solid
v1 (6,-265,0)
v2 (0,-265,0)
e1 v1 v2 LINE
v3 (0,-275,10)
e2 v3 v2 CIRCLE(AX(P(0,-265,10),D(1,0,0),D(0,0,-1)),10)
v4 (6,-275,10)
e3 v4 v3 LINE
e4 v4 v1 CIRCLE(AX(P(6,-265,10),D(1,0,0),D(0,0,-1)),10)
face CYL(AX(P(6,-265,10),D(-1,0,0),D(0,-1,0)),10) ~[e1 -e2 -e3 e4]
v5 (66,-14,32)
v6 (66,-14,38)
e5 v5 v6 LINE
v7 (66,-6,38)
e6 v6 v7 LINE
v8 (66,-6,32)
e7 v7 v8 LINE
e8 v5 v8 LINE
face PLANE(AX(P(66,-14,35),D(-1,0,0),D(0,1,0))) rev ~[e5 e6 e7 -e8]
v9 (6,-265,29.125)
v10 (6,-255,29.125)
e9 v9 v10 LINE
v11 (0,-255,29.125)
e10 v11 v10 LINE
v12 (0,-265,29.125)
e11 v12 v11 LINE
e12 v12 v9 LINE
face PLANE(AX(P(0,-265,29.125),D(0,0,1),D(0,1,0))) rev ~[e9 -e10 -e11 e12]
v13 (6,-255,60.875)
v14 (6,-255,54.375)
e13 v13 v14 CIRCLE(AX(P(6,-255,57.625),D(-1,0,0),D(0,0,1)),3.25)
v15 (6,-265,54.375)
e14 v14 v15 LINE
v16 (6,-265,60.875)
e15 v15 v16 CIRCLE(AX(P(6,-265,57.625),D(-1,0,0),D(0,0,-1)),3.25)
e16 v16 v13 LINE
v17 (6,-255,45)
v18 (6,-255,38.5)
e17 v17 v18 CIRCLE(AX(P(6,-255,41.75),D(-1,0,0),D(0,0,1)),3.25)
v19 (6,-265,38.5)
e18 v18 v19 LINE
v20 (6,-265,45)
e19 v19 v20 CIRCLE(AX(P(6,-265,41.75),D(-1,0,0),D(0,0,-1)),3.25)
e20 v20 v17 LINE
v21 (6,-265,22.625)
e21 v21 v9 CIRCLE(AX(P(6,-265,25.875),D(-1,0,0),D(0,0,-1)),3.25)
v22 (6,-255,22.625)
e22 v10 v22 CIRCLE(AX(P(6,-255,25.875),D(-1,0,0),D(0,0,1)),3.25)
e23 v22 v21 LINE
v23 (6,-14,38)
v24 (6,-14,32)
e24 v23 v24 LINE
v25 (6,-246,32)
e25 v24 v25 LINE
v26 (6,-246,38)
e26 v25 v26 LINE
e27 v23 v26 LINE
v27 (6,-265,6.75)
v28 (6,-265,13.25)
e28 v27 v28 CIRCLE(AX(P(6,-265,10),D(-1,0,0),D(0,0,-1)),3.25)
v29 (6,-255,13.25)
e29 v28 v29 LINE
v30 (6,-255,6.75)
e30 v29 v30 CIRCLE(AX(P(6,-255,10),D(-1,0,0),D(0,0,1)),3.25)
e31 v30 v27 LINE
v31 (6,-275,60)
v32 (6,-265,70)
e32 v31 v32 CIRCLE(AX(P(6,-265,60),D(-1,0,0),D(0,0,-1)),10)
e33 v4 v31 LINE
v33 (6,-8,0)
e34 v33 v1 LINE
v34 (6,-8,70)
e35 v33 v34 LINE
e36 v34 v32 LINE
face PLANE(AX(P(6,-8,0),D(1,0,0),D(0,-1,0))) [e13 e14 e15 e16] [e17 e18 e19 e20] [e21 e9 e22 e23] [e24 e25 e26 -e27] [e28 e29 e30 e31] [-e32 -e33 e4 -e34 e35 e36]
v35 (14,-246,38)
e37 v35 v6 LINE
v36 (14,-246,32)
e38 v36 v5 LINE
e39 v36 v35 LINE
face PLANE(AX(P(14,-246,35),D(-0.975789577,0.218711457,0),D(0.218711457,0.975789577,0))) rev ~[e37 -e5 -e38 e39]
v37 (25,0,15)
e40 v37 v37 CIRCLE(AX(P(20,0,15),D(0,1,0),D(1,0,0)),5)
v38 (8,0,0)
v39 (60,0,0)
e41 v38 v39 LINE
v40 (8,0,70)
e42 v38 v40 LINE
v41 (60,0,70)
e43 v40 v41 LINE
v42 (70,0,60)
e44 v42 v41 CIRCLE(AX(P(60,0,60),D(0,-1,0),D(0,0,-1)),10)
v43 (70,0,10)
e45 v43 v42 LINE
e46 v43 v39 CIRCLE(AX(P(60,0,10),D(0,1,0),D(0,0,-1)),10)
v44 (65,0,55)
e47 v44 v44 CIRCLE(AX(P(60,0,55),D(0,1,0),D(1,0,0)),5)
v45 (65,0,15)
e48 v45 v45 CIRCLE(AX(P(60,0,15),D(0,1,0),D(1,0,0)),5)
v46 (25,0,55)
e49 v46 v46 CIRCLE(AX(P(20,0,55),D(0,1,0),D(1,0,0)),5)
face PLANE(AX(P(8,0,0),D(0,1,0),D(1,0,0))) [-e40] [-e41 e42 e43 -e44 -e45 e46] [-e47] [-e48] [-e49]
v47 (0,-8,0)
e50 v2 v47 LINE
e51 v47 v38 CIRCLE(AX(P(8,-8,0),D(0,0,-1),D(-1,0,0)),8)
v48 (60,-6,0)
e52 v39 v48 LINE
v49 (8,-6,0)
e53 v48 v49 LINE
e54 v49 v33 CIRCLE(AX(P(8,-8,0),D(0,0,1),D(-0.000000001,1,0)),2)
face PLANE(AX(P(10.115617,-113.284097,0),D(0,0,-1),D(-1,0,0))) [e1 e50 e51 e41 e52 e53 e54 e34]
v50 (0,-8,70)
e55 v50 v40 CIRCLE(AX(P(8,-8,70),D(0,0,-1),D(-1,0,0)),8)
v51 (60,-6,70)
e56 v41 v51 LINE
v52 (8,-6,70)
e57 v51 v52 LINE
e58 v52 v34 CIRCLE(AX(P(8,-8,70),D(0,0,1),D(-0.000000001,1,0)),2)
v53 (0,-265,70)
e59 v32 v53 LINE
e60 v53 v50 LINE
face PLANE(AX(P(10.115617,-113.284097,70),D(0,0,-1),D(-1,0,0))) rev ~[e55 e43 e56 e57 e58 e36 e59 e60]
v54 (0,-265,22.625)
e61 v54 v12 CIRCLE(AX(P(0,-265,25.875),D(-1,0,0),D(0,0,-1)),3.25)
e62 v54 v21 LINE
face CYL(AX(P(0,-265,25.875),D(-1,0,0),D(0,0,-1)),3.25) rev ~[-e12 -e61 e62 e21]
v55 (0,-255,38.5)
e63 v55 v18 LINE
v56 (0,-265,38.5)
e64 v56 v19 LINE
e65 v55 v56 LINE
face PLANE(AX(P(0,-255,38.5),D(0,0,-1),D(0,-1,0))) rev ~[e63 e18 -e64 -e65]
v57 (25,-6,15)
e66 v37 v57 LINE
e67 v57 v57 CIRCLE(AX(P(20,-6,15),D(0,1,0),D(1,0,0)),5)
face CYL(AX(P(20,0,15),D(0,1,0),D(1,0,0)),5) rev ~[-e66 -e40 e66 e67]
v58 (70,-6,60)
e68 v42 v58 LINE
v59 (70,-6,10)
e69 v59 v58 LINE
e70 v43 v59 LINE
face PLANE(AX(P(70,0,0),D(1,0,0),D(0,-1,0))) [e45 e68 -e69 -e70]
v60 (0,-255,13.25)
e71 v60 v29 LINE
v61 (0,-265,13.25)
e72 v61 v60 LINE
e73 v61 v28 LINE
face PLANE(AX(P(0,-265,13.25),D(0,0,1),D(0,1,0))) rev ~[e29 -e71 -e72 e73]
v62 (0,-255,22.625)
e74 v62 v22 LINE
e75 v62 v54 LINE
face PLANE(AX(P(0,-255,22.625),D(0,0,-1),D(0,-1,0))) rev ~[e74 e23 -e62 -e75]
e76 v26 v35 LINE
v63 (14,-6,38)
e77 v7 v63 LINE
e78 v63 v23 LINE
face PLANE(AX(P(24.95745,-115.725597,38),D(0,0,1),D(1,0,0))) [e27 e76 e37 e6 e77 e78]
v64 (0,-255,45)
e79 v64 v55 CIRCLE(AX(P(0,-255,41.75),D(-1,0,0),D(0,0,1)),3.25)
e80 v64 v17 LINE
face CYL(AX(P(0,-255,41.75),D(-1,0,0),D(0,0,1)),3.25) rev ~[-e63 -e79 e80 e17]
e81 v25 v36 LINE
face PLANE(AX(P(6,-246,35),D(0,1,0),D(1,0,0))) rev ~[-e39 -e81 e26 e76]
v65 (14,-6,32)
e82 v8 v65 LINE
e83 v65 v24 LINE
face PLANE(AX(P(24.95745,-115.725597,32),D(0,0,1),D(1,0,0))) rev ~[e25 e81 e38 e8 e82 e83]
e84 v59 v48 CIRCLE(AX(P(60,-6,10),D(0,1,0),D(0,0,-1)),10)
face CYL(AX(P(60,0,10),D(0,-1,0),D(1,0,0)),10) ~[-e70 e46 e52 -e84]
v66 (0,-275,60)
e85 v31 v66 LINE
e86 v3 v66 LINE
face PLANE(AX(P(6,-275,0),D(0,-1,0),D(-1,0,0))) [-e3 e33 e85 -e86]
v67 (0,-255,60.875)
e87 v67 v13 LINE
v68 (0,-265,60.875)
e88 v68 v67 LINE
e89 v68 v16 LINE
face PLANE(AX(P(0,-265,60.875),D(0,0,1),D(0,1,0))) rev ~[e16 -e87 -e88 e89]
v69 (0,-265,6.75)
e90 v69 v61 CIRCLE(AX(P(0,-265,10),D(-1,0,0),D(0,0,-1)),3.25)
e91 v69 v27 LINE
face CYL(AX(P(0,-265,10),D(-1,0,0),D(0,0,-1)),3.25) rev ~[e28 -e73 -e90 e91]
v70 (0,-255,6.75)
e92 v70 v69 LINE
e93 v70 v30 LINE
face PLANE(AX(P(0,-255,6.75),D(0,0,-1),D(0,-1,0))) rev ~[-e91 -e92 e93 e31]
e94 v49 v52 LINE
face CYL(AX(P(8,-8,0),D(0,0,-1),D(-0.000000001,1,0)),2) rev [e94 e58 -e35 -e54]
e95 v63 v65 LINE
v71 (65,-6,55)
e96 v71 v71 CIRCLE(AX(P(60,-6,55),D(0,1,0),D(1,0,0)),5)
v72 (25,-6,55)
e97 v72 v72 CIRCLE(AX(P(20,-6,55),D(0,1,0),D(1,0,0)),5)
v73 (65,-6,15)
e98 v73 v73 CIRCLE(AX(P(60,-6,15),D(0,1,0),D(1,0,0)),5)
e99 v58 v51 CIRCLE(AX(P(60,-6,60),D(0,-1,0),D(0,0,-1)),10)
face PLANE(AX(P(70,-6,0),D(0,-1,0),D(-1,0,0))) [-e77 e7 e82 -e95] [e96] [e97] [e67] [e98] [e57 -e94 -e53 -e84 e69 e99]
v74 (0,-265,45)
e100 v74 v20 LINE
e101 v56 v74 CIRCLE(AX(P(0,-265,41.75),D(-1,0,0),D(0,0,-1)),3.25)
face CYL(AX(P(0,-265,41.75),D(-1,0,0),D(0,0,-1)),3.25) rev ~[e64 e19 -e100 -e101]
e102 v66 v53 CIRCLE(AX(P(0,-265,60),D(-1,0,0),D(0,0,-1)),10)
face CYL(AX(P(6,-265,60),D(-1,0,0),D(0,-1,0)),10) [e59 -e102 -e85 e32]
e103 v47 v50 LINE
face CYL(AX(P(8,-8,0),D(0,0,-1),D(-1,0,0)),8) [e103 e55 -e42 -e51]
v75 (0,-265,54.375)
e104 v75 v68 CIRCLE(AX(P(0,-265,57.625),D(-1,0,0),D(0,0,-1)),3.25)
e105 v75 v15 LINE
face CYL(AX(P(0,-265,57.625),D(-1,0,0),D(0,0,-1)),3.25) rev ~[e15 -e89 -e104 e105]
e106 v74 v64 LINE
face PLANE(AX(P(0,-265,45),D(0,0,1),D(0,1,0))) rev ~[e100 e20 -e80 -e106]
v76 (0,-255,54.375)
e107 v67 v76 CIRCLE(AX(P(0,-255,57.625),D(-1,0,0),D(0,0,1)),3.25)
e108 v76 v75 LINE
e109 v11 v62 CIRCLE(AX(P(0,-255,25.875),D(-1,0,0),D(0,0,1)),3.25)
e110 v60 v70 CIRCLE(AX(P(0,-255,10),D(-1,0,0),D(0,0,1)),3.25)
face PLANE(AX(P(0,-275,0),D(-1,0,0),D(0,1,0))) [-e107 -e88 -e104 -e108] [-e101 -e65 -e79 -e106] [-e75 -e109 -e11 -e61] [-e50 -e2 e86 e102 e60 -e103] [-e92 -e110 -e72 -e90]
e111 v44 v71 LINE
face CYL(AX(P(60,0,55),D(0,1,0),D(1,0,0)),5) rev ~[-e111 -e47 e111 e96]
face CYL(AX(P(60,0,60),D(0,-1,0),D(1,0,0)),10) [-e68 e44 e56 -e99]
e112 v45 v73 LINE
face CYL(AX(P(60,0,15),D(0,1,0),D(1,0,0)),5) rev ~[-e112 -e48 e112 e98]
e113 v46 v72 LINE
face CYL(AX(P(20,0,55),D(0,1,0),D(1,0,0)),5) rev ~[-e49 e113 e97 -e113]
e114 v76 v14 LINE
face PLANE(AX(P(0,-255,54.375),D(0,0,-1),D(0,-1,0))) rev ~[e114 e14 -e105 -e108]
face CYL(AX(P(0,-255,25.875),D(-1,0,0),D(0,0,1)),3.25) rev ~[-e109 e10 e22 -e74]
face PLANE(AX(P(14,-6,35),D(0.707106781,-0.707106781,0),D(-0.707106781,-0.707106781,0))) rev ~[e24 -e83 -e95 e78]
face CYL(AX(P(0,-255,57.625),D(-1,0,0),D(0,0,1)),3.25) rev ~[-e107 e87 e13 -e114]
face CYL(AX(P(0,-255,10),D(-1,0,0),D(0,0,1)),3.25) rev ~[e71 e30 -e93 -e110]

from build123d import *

# Parameters (mm, degrees)
EXTRUDE_1_DEPTH     = 70
FILLET_1_R          = 10
CUT_EXTRUDE_1_REACH = 72
CUT_EXTRUDE_2_REACH = 277
SKETCH_3_R          = 5
EXTRUDE_2_DEPTH     = 3


with BuildPart() as part:
    # 草图1 → 凸台-拉伸1 (new body)
    with BuildSketch(Plane.XY):
        with BuildLine():
            Line((8, 0), (70, 0))
            Line((70, 0), (70, -6))
            Line((70, -6), (8, -6))
            ThreePointArc((8, -6), (6.585786438, -6.585786438), (6, -8))
            Line((6, -8), (6, -275))
            Line((6, -275), (0, -275))
            Line((0, -275), (0, -8))
            ThreePointArc((0, -8), (2.343145751, -2.343145751), (8, 0))
        make_face()
    extrude(amount=EXTRUDE_1_DEPTH)

    # 圆角1
    fillet_1_edges = [part.edges().sort_by_distance(p)[0] for p in [
        (70, -3, 0),
        (3, -275, 70),
        (70, -3, 70),
        (3, -275, 0),
    ]]
    fillet(fillet_1_edges, radius=FILLET_1_R)

    # 草图2 → 切除-拉伸1 (cut, up to next)
    with BuildSketch(Plane.ZY, mode=Mode.PRIVATE) as cut_extrude_1_sk1:
        with BuildLine():
            Line((6.75, -255), (6.75, -265))
            ThreePointArc((6.75, -265), (10, -268.25), (13.25, -265))
            Line((13.25, -265), (13.25, -255))
            ThreePointArc((13.25, -255), (10, -251.75), (6.75, -255))
        make_face()
    cut_extrude_1_tool1 = extrude(cut_extrude_1_sk1.sketch, amount=-CUT_EXTRUDE_1_REACH, mode=Mode.PRIVATE) & part.part
    add(cut_extrude_1_tool1.solids().sort_by_distance((0, -260, 10))[0], mode=Mode.SUBTRACT)
    # 草图2 → 切除-拉伸1 (cut, up to next)
    with BuildSketch(Plane.ZY, mode=Mode.PRIVATE) as cut_extrude_1_sk2:
        with BuildLine():
            Line((22.625, -255), (22.625, -265))
            ThreePointArc((22.625, -265), (25.875, -268.25), (29.125, -265))
            Line((29.125, -265), (29.125, -255))
            ThreePointArc((29.125, -255), (25.875, -251.75), (22.625, -255))
        make_face()
    cut_extrude_1_tool2 = extrude(cut_extrude_1_sk2.sketch, amount=-CUT_EXTRUDE_1_REACH, mode=Mode.PRIVATE) & part.part
    add(cut_extrude_1_tool2.solids().sort_by_distance((0, -260, 25.875))[0], mode=Mode.SUBTRACT)
    # 草图2 → 切除-拉伸1 (cut, up to next)
    with BuildSketch(Plane.ZY, mode=Mode.PRIVATE) as cut_extrude_1_sk3:
        with BuildLine():
            Line((38.5, -255), (38.5, -265))
            ThreePointArc((38.5, -265), (41.75, -268.25), (45, -265))
            Line((45, -265), (45, -255))
            ThreePointArc((45, -255), (41.75, -251.75), (38.5, -255))
        make_face()
    cut_extrude_1_tool3 = extrude(cut_extrude_1_sk3.sketch, amount=-CUT_EXTRUDE_1_REACH, mode=Mode.PRIVATE) & part.part
    add(cut_extrude_1_tool3.solids().sort_by_distance((0, -260, 41.75))[0], mode=Mode.SUBTRACT)
    # 草图2 → 切除-拉伸1 (cut, up to next)
    with BuildSketch(Plane.ZY, mode=Mode.PRIVATE) as cut_extrude_1_sk4:
        with BuildLine():
            Line((54.375, -255), (54.375, -265))
            ThreePointArc((54.375, -265), (57.625, -268.25), (60.875, -265))
            Line((60.875, -265), (60.875, -255))
            ThreePointArc((60.875, -255), (57.625, -251.75), (54.375, -255))
        make_face()
    cut_extrude_1_tool4 = extrude(cut_extrude_1_sk4.sketch, amount=-CUT_EXTRUDE_1_REACH, mode=Mode.PRIVATE) & part.part
    add(cut_extrude_1_tool4.solids().sort_by_distance((0, -260, 57.625))[0], mode=Mode.SUBTRACT)

    # 草图3 → 切除-拉伸2 (cut, up to next)
    with BuildSketch(Plane(origin=(0, 0, 0), x_dir=(1, 0, 0), z_dir=(0, 1, 0)), mode=Mode.PRIVATE) as cut_extrude_2_sk1:
        with Locations((60, -15)):
            Circle(SKETCH_3_R)
    cut_extrude_2_tool1 = extrude(cut_extrude_2_sk1.sketch, amount=-CUT_EXTRUDE_2_REACH, mode=Mode.PRIVATE) & part.part
    add(cut_extrude_2_tool1.solids().sort_by_distance((60, 0, 15))[0], mode=Mode.SUBTRACT)
    # 草图3 → 切除-拉伸2 (cut, up to next)
    with BuildSketch(Plane(origin=(0, 0, 0), x_dir=(1, 0, 0), z_dir=(0, 1, 0)), mode=Mode.PRIVATE) as cut_extrude_2_sk2:
        with Locations((20, -15)):
            Circle(SKETCH_3_R)
    cut_extrude_2_tool2 = extrude(cut_extrude_2_sk2.sketch, amount=-CUT_EXTRUDE_2_REACH, mode=Mode.PRIVATE) & part.part
    add(cut_extrude_2_tool2.solids().sort_by_distance((20, 0, 15))[0], mode=Mode.SUBTRACT)
    # 草图3 → 切除-拉伸2 (cut, up to next)
    with BuildSketch(Plane(origin=(0, 0, 0), x_dir=(1, 0, 0), z_dir=(0, 1, 0)), mode=Mode.PRIVATE) as cut_extrude_2_sk3:
        with Locations((20, -55)):
            Circle(SKETCH_3_R)
    cut_extrude_2_tool3 = extrude(cut_extrude_2_sk3.sketch, amount=-CUT_EXTRUDE_2_REACH, mode=Mode.PRIVATE) & part.part
    add(cut_extrude_2_tool3.solids().sort_by_distance((20, 0, 55))[0], mode=Mode.SUBTRACT)
    # 草图3 → 切除-拉伸2 (cut, up to next)
    with BuildSketch(Plane(origin=(0, 0, 0), x_dir=(1, 0, 0), z_dir=(0, 1, 0)), mode=Mode.PRIVATE) as cut_extrude_2_sk4:
        with Locations((60, -55)):
            Circle(SKETCH_3_R)
    cut_extrude_2_tool4 = extrude(cut_extrude_2_sk4.sketch, amount=-CUT_EXTRUDE_2_REACH, mode=Mode.PRIVATE) & part.part
    add(cut_extrude_2_tool4.solids().sort_by_distance((60, 0, 55))[0], mode=Mode.SUBTRACT)

    # 草图4 → 凸台-拉伸2 (add, symmetric)
    with BuildSketch(Plane(origin=(0, 0, 35), x_dir=(-1, 0, 0), z_dir=(0, 0, -1))):
        Polygon((-6, -14), (-6, -246), (-14, -246), (-66, -14), (-66, -6), (-14, -6), align=None)
    extrude(amount=EXTRUDE_2_DEPTH, both=True)


solid = part.part
